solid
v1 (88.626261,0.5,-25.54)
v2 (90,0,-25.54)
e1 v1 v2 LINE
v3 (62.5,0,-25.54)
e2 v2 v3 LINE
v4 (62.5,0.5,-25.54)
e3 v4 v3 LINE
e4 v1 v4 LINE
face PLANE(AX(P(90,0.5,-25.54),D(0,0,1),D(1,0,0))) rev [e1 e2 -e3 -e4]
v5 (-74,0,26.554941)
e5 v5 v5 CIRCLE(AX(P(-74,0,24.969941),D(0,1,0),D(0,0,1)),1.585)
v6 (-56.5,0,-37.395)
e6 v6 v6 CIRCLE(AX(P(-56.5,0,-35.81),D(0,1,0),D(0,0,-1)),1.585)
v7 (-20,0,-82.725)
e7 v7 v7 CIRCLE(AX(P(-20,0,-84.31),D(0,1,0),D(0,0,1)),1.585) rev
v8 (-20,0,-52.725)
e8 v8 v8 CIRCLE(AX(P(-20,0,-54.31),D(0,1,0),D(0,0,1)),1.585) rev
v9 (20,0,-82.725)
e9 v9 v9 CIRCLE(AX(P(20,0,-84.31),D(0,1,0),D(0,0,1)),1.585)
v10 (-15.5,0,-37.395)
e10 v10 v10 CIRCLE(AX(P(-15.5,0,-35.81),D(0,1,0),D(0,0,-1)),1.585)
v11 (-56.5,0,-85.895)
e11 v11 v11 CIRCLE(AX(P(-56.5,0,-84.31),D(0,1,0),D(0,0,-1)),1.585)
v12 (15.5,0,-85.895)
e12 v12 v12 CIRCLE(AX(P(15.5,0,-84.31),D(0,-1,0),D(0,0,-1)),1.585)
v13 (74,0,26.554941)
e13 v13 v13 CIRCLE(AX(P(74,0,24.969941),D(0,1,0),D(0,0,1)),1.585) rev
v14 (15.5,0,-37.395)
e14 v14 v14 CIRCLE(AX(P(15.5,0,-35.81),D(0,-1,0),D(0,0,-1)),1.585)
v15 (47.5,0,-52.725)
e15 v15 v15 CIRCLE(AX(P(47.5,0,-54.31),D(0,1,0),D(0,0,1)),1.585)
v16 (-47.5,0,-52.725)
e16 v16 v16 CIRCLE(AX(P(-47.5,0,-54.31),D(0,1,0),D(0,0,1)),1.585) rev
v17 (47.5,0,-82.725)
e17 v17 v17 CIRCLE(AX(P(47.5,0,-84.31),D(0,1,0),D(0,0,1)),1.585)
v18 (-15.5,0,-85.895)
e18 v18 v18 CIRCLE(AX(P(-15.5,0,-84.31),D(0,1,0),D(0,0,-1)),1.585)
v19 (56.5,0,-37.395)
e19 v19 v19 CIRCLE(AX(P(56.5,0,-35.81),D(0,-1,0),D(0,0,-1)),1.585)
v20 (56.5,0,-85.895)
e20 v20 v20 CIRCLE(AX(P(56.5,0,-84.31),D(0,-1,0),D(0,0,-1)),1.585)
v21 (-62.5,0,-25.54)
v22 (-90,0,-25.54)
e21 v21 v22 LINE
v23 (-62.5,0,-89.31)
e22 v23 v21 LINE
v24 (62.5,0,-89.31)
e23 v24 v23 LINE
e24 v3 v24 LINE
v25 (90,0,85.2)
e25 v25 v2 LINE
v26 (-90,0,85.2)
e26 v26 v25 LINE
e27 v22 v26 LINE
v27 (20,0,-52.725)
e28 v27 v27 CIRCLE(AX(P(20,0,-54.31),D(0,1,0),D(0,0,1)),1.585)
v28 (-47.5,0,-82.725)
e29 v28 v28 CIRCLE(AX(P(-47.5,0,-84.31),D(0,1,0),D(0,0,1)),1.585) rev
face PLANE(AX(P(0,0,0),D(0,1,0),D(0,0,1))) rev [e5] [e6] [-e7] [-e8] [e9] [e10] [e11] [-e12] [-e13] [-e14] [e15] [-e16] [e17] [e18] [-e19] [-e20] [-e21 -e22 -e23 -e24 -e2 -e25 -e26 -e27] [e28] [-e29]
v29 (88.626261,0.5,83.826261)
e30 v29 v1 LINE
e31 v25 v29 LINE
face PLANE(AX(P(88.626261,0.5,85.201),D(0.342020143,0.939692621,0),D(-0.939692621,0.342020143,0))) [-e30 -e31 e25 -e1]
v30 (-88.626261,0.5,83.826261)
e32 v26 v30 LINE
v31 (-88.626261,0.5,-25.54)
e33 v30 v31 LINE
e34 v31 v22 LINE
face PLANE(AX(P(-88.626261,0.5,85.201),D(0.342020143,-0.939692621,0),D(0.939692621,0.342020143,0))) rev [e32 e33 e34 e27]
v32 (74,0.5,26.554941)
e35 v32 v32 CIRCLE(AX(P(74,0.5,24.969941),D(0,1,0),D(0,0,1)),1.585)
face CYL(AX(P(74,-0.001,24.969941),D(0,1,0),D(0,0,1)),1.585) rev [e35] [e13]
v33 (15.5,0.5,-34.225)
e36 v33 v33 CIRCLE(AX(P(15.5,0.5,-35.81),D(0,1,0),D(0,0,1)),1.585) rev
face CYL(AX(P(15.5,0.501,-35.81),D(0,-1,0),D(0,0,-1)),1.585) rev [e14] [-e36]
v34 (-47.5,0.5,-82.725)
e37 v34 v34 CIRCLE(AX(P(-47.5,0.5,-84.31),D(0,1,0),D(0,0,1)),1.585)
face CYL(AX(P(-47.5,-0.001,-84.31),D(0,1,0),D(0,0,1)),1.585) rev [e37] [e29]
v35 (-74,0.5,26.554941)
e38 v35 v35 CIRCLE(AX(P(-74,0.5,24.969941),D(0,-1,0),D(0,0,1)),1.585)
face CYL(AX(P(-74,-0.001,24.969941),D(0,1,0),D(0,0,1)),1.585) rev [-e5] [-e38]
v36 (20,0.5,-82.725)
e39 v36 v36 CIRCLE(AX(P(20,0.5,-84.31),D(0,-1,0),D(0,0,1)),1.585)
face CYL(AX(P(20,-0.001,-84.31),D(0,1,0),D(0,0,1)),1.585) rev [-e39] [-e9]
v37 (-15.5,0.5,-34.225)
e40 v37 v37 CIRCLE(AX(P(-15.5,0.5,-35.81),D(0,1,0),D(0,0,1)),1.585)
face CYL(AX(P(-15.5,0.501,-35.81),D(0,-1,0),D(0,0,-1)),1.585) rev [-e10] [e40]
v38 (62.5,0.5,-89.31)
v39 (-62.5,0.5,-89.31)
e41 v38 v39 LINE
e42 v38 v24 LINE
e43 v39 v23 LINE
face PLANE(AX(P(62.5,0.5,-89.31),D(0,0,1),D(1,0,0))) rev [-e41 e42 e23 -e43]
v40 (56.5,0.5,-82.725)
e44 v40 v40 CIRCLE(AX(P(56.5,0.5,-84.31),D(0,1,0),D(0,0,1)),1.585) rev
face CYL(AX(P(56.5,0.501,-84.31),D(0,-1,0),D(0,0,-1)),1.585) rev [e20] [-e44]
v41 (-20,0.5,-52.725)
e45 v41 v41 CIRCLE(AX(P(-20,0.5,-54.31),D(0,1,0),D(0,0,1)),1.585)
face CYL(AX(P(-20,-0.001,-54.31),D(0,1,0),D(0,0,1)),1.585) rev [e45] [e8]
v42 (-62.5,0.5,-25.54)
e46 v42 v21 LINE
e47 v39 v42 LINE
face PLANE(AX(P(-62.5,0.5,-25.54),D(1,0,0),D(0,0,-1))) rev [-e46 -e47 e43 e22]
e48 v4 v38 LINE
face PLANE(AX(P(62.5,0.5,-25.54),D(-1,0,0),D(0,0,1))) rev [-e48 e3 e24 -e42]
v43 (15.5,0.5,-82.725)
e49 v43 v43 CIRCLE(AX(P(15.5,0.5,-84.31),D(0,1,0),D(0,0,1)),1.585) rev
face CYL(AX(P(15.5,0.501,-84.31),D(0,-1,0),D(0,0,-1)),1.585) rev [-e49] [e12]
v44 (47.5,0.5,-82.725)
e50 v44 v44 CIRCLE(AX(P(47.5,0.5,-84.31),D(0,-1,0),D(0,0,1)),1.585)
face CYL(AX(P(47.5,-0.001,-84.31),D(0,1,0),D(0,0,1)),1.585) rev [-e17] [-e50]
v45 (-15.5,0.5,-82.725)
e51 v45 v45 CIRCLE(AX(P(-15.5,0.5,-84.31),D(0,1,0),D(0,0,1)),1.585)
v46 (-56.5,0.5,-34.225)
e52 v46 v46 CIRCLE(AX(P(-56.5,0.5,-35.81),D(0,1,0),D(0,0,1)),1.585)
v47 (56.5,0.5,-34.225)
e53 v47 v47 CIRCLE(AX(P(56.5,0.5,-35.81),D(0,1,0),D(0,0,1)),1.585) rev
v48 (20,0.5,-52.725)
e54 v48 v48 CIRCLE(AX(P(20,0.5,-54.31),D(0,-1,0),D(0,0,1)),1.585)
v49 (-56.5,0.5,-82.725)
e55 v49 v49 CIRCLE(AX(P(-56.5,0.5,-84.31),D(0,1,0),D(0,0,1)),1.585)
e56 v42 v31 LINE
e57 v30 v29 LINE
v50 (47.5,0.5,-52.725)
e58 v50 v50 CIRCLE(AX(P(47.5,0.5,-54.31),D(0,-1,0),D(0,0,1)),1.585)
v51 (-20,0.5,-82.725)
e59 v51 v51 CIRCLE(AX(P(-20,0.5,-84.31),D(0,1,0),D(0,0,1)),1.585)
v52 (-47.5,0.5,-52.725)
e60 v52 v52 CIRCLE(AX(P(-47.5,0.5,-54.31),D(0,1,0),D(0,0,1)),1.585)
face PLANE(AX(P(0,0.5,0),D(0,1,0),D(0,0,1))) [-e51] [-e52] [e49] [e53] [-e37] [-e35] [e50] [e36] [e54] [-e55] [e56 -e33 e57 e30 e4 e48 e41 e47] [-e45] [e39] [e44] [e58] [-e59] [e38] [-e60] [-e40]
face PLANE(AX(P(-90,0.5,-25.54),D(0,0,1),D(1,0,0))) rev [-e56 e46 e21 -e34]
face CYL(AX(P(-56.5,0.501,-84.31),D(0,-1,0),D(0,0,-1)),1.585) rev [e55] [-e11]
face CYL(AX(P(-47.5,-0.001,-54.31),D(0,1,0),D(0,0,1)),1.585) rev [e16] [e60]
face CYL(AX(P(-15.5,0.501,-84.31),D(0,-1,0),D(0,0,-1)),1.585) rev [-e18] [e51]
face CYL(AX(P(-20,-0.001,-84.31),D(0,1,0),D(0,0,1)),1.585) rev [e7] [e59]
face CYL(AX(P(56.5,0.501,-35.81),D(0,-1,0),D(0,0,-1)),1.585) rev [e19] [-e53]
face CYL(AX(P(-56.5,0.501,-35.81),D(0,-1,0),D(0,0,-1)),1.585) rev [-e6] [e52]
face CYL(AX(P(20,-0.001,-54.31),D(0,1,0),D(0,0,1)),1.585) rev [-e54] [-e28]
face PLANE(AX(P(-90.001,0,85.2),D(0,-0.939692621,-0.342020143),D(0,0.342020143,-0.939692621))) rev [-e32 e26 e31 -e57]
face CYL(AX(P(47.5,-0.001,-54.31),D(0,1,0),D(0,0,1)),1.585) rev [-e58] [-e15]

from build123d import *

# Parameters (mm, degrees)
SALIENTE_EXTRUIR1_DEPTH = 0.5
CORTAR_EXTRUIR4_REACH   = 2.5
CROQUIS6_R              = 1.585
CORTAR_EXTRUIR5_REACH   = 2.5
CROQUIS7_R              = 1.585
CROQUIS8_R              = 1.585
CORTAR_EXTRUIR6_DEPTH   = 0.5
CROQUIS9_R              = 1.585
CORTAR_EXTRUIR7_DEPTH   = 0.5
CROQUIS5_R              = 1.585
CORTAR_EXTRUIR8_DEPTH   = 0.5
CORTAR_EXTRUIR9_REACH   = 182
CORTAR_EXTRUIR10_START  = -110.74
CORTAR_EXTRUIR10_DEPTH  = 110.74


with BuildPart() as part:
    # Croquis2 → Saliente-Extruir1 (new body)
    with BuildSketch(Plane(origin=(0, 0, 0), x_dir=(1, 0, 0), z_dir=(0, 1, 0))):
        Polygon((-90, 25.54), (-62.5, 25.54), (-62.5, 89.31), (62.5, 89.31), (62.5, 25.54), (90, 25.54), (90, -85.2), (-90, -85.2), align=None)
    saliente_extruir1 = extrude(amount=SALIENTE_EXTRUIR1_DEPTH)

    # Croquis6 → Cortar-Extruir4 (cut, up to next)
    with BuildSketch(Plane(origin=(0, 0.5, 0), x_dir=(1, 0, 0), z_dir=(0, 1, 0)), mode=Mode.PRIVATE) as cortar_extruir4_sk1:
        with Locations((-56.5, 35.81)):
            Circle(CROQUIS6_R)
    cortar_extruir4_tool1 = extrude(cortar_extruir4_sk1.sketch, amount=-CORTAR_EXTRUIR4_REACH, mode=Mode.PRIVATE) & part.part
    add(cortar_extruir4_tool1.solids().sort_by_distance((-56.5, 0.5, -35.81))[0], mode=Mode.SUBTRACT)
    # Croquis6 → Cortar-Extruir4 (cut, up to next)
    with BuildSketch(Plane(origin=(0, 0.5, 0), x_dir=(1, 0, 0), z_dir=(0, 1, 0)), mode=Mode.PRIVATE) as cortar_extruir4_sk2:
        with Locations((-15.5, 35.81)):
            Circle(CROQUIS6_R)
    cortar_extruir4_tool2 = extrude(cortar_extruir4_sk2.sketch, amount=-CORTAR_EXTRUIR4_REACH, mode=Mode.PRIVATE) & part.part
    add(cortar_extruir4_tool2.solids().sort_by_distance((-15.5, 0.5, -35.81))[0], mode=Mode.SUBTRACT)
    # Croquis6 → Cortar-Extruir4 (cut, up to next)
    with BuildSketch(Plane(origin=(0, 0.5, 0), x_dir=(1, 0, 0), z_dir=(0, 1, 0)), mode=Mode.PRIVATE) as cortar_extruir4_sk3:
        with Locations((-15.5, 84.31)):
            Circle(CROQUIS6_R)
    cortar_extruir4_tool3 = extrude(cortar_extruir4_sk3.sketch, amount=-CORTAR_EXTRUIR4_REACH, mode=Mode.PRIVATE) & part.part
    add(cortar_extruir4_tool3.solids().sort_by_distance((-15.5, 0.5, -84.31))[0], mode=Mode.SUBTRACT)
    # Croquis6 → Cortar-Extruir4 (cut, up to next)
    with BuildSketch(Plane(origin=(0, 0.5, 0), x_dir=(1, 0, 0), z_dir=(0, 1, 0)), mode=Mode.PRIVATE) as cortar_extruir4_sk4:
        with Locations((-56.5, 84.31)):
            Circle(CROQUIS6_R)
    cortar_extruir4_tool4 = extrude(cortar_extruir4_sk4.sketch, amount=-CORTAR_EXTRUIR4_REACH, mode=Mode.PRIVATE) & part.part
    add(cortar_extruir4_tool4.solids().sort_by_distance((-56.5, 0.5, -84.31))[0], mode=Mode.SUBTRACT)

    # Croquis7 → Cortar-Extruir5 (cut, up to next)
    with BuildSketch(Plane(origin=(0, 0.5, 0), x_dir=(1, 0, 0), z_dir=(0, 1, 0)), mode=Mode.PRIVATE) as cortar_extruir5_sk1:
        with Locations((56.5, 35.81)):
            Circle(CROQUIS7_R)
    cortar_extruir5_tool1 = extrude(cortar_extruir5_sk1.sketch, amount=-CORTAR_EXTRUIR5_REACH, mode=Mode.PRIVATE) & part.part
    add(cortar_extruir5_tool1.solids().sort_by_distance((56.5, 0.5, -35.81))[0], mode=Mode.SUBTRACT)
    # Croquis7 → Cortar-Extruir5 (cut, up to next)
    with BuildSketch(Plane(origin=(0, 0.5, 0), x_dir=(1, 0, 0), z_dir=(0, 1, 0)), mode=Mode.PRIVATE) as cortar_extruir5_sk2:
        with Locations((15.5, 35.81)):
            Circle(CROQUIS7_R)
    cortar_extruir5_tool2 = extrude(cortar_extruir5_sk2.sketch, amount=-CORTAR_EXTRUIR5_REACH, mode=Mode.PRIVATE) & part.part
    add(cortar_extruir5_tool2.solids().sort_by_distance((15.5, 0.5, -35.81))[0], mode=Mode.SUBTRACT)
    # Croquis7 → Cortar-Extruir5 (cut, up to next)
    with BuildSketch(Plane(origin=(0, 0.5, 0), x_dir=(1, 0, 0), z_dir=(0, 1, 0)), mode=Mode.PRIVATE) as cortar_extruir5_sk3:
        with Locations((15.5, 84.31)):
            Circle(CROQUIS7_R)
    cortar_extruir5_tool3 = extrude(cortar_extruir5_sk3.sketch, amount=-CORTAR_EXTRUIR5_REACH, mode=Mode.PRIVATE) & part.part
    add(cortar_extruir5_tool3.solids().sort_by_distance((15.5, 0.5, -84.31))[0], mode=Mode.SUBTRACT)
    # Croquis7 → Cortar-Extruir5 (cut, up to next)
    with BuildSketch(Plane(origin=(0, 0.5, 0), x_dir=(1, 0, 0), z_dir=(0, 1, 0)), mode=Mode.PRIVATE) as cortar_extruir5_sk4:
        with Locations((56.5, 84.31)):
            Circle(CROQUIS7_R)
    cortar_extruir5_tool4 = extrude(cortar_extruir5_sk4.sketch, amount=-CORTAR_EXTRUIR5_REACH, mode=Mode.PRIVATE) & part.part
    add(cortar_extruir5_tool4.solids().sort_by_distance((56.5, 0.5, -84.31))[0], mode=Mode.SUBTRACT)

    # Simetría3: Saliente-Extruir1 across plane
    add(saliente_extruir1.mirror(Plane(origin=(0, 0, 0), x_dir=(0, 0, 1), z_dir=(1, 0, 0))))

    # Croquis8 → Cortar-Extruir6 (cut)
    with BuildSketch(Plane(origin=(0, 0.5, 0), x_dir=(1, 0, 0), z_dir=(0, 1, 0))):
        with Locations((-20, 54.31)):
            Circle(CROQUIS8_R)
        with Locations((-47.5, 54.31)):
            Circle(CROQUIS8_R)
        with Locations((-47.5, 84.31)):
            Circle(CROQUIS8_R)
        with Locations((-20, 84.31)):
            Circle(CROQUIS8_R)
    cortar_extruir6 = extrude(amount=-CORTAR_EXTRUIR6_DEPTH, mode=Mode.SUBTRACT)

    # Simetría4: Cortar-Extruir6 across plane
    add(cortar_extruir6.mirror(Plane(origin=(0, 0, 0), x_dir=(0, 0, 1), z_dir=(1, 0, 0))), mode=Mode.SUBTRACT)

    # Croquis9 → Cortar-Extruir7 (cut)
    with BuildSketch(Plane.XZ):
        with Locations((56.5, -35.81)):
            Circle(CROQUIS9_R)
        with Locations((15.5, -35.81)):
            Circle(CROQUIS9_R)
        with Locations((15.5, -84.31)):
            Circle(CROQUIS9_R)
        with Locations((56.5, -84.31)):
            Circle(CROQUIS9_R)
    cortar_extruir7 = extrude(amount=-CORTAR_EXTRUIR7_DEPTH, mode=Mode.SUBTRACT)

    # Simetría5: Cortar-Extruir7 across plane
    add(cortar_extruir7.mirror(Plane(origin=(0, 0, 0), x_dir=(0, 0, 1), z_dir=(1, 0, 0))), mode=Mode.SUBTRACT)

    # Croquis5 → Cortar-Extruir8 (cut)
    with BuildSketch(Plane(origin=(0, 0.5, 0), x_dir=(1, 0, 0), z_dir=(0, 1, 0))):
        with Locations((74, -24.969940997)):
            Circle(CROQUIS5_R)
    cortar_extruir8 = extrude(amount=-CORTAR_EXTRUIR8_DEPTH, mode=Mode.SUBTRACT)

    # Simetría6: Cortar-Extruir8 across plane
    add(cortar_extruir8.mirror(Plane(origin=(0, 0, 0), x_dir=(0, 0, 1), z_dir=(1, 0, 0))), mode=Mode.SUBTRACT)

    # Croquis3 → Cortar-Extruir9 (cut, up to next)
    with BuildSketch(Plane(origin=(90, 0, 0), x_dir=(0, 0, -1), z_dir=(1, 0, 0)), mode=Mode.PRIVATE) as cortar_extruir9_sk1:
        Polygon((-85.2, 0), (-83.82626129, 0.5), (-85.2, 0.5), align=None)
    cortar_extruir9_tool1 = extrude(cortar_extruir9_sk1.sketch, amount=-CORTAR_EXTRUIR9_REACH, mode=Mode.PRIVATE) & part.part
    add(cortar_extruir9_tool1.solids().sort_by_distance((90, 0.333333, 84.742087))[0], mode=Mode.SUBTRACT)

    # Croquis10 → Cortar-Extruir10 (cut)
    with BuildSketch(Plane(origin=(0, 0, -25.54), x_dir=(-1, 0, 0), z_dir=(0, 0, -1)).offset(CORTAR_EXTRUIR10_START)):
        Polygon((90, 0), (90, 0.5), (88.62626129, 0.5), align=None)
    cortar_extruir10 = extrude(amount=CORTAR_EXTRUIR10_DEPTH, mode=Mode.SUBTRACT)

    # Simetría7: Cortar-Extruir10 across plane
    add(cortar_extruir10.mirror(Plane(origin=(0, 0, 0), x_dir=(0, 0, 1), z_dir=(1, 0, 0))), mode=Mode.SUBTRACT)


solid = part.part
